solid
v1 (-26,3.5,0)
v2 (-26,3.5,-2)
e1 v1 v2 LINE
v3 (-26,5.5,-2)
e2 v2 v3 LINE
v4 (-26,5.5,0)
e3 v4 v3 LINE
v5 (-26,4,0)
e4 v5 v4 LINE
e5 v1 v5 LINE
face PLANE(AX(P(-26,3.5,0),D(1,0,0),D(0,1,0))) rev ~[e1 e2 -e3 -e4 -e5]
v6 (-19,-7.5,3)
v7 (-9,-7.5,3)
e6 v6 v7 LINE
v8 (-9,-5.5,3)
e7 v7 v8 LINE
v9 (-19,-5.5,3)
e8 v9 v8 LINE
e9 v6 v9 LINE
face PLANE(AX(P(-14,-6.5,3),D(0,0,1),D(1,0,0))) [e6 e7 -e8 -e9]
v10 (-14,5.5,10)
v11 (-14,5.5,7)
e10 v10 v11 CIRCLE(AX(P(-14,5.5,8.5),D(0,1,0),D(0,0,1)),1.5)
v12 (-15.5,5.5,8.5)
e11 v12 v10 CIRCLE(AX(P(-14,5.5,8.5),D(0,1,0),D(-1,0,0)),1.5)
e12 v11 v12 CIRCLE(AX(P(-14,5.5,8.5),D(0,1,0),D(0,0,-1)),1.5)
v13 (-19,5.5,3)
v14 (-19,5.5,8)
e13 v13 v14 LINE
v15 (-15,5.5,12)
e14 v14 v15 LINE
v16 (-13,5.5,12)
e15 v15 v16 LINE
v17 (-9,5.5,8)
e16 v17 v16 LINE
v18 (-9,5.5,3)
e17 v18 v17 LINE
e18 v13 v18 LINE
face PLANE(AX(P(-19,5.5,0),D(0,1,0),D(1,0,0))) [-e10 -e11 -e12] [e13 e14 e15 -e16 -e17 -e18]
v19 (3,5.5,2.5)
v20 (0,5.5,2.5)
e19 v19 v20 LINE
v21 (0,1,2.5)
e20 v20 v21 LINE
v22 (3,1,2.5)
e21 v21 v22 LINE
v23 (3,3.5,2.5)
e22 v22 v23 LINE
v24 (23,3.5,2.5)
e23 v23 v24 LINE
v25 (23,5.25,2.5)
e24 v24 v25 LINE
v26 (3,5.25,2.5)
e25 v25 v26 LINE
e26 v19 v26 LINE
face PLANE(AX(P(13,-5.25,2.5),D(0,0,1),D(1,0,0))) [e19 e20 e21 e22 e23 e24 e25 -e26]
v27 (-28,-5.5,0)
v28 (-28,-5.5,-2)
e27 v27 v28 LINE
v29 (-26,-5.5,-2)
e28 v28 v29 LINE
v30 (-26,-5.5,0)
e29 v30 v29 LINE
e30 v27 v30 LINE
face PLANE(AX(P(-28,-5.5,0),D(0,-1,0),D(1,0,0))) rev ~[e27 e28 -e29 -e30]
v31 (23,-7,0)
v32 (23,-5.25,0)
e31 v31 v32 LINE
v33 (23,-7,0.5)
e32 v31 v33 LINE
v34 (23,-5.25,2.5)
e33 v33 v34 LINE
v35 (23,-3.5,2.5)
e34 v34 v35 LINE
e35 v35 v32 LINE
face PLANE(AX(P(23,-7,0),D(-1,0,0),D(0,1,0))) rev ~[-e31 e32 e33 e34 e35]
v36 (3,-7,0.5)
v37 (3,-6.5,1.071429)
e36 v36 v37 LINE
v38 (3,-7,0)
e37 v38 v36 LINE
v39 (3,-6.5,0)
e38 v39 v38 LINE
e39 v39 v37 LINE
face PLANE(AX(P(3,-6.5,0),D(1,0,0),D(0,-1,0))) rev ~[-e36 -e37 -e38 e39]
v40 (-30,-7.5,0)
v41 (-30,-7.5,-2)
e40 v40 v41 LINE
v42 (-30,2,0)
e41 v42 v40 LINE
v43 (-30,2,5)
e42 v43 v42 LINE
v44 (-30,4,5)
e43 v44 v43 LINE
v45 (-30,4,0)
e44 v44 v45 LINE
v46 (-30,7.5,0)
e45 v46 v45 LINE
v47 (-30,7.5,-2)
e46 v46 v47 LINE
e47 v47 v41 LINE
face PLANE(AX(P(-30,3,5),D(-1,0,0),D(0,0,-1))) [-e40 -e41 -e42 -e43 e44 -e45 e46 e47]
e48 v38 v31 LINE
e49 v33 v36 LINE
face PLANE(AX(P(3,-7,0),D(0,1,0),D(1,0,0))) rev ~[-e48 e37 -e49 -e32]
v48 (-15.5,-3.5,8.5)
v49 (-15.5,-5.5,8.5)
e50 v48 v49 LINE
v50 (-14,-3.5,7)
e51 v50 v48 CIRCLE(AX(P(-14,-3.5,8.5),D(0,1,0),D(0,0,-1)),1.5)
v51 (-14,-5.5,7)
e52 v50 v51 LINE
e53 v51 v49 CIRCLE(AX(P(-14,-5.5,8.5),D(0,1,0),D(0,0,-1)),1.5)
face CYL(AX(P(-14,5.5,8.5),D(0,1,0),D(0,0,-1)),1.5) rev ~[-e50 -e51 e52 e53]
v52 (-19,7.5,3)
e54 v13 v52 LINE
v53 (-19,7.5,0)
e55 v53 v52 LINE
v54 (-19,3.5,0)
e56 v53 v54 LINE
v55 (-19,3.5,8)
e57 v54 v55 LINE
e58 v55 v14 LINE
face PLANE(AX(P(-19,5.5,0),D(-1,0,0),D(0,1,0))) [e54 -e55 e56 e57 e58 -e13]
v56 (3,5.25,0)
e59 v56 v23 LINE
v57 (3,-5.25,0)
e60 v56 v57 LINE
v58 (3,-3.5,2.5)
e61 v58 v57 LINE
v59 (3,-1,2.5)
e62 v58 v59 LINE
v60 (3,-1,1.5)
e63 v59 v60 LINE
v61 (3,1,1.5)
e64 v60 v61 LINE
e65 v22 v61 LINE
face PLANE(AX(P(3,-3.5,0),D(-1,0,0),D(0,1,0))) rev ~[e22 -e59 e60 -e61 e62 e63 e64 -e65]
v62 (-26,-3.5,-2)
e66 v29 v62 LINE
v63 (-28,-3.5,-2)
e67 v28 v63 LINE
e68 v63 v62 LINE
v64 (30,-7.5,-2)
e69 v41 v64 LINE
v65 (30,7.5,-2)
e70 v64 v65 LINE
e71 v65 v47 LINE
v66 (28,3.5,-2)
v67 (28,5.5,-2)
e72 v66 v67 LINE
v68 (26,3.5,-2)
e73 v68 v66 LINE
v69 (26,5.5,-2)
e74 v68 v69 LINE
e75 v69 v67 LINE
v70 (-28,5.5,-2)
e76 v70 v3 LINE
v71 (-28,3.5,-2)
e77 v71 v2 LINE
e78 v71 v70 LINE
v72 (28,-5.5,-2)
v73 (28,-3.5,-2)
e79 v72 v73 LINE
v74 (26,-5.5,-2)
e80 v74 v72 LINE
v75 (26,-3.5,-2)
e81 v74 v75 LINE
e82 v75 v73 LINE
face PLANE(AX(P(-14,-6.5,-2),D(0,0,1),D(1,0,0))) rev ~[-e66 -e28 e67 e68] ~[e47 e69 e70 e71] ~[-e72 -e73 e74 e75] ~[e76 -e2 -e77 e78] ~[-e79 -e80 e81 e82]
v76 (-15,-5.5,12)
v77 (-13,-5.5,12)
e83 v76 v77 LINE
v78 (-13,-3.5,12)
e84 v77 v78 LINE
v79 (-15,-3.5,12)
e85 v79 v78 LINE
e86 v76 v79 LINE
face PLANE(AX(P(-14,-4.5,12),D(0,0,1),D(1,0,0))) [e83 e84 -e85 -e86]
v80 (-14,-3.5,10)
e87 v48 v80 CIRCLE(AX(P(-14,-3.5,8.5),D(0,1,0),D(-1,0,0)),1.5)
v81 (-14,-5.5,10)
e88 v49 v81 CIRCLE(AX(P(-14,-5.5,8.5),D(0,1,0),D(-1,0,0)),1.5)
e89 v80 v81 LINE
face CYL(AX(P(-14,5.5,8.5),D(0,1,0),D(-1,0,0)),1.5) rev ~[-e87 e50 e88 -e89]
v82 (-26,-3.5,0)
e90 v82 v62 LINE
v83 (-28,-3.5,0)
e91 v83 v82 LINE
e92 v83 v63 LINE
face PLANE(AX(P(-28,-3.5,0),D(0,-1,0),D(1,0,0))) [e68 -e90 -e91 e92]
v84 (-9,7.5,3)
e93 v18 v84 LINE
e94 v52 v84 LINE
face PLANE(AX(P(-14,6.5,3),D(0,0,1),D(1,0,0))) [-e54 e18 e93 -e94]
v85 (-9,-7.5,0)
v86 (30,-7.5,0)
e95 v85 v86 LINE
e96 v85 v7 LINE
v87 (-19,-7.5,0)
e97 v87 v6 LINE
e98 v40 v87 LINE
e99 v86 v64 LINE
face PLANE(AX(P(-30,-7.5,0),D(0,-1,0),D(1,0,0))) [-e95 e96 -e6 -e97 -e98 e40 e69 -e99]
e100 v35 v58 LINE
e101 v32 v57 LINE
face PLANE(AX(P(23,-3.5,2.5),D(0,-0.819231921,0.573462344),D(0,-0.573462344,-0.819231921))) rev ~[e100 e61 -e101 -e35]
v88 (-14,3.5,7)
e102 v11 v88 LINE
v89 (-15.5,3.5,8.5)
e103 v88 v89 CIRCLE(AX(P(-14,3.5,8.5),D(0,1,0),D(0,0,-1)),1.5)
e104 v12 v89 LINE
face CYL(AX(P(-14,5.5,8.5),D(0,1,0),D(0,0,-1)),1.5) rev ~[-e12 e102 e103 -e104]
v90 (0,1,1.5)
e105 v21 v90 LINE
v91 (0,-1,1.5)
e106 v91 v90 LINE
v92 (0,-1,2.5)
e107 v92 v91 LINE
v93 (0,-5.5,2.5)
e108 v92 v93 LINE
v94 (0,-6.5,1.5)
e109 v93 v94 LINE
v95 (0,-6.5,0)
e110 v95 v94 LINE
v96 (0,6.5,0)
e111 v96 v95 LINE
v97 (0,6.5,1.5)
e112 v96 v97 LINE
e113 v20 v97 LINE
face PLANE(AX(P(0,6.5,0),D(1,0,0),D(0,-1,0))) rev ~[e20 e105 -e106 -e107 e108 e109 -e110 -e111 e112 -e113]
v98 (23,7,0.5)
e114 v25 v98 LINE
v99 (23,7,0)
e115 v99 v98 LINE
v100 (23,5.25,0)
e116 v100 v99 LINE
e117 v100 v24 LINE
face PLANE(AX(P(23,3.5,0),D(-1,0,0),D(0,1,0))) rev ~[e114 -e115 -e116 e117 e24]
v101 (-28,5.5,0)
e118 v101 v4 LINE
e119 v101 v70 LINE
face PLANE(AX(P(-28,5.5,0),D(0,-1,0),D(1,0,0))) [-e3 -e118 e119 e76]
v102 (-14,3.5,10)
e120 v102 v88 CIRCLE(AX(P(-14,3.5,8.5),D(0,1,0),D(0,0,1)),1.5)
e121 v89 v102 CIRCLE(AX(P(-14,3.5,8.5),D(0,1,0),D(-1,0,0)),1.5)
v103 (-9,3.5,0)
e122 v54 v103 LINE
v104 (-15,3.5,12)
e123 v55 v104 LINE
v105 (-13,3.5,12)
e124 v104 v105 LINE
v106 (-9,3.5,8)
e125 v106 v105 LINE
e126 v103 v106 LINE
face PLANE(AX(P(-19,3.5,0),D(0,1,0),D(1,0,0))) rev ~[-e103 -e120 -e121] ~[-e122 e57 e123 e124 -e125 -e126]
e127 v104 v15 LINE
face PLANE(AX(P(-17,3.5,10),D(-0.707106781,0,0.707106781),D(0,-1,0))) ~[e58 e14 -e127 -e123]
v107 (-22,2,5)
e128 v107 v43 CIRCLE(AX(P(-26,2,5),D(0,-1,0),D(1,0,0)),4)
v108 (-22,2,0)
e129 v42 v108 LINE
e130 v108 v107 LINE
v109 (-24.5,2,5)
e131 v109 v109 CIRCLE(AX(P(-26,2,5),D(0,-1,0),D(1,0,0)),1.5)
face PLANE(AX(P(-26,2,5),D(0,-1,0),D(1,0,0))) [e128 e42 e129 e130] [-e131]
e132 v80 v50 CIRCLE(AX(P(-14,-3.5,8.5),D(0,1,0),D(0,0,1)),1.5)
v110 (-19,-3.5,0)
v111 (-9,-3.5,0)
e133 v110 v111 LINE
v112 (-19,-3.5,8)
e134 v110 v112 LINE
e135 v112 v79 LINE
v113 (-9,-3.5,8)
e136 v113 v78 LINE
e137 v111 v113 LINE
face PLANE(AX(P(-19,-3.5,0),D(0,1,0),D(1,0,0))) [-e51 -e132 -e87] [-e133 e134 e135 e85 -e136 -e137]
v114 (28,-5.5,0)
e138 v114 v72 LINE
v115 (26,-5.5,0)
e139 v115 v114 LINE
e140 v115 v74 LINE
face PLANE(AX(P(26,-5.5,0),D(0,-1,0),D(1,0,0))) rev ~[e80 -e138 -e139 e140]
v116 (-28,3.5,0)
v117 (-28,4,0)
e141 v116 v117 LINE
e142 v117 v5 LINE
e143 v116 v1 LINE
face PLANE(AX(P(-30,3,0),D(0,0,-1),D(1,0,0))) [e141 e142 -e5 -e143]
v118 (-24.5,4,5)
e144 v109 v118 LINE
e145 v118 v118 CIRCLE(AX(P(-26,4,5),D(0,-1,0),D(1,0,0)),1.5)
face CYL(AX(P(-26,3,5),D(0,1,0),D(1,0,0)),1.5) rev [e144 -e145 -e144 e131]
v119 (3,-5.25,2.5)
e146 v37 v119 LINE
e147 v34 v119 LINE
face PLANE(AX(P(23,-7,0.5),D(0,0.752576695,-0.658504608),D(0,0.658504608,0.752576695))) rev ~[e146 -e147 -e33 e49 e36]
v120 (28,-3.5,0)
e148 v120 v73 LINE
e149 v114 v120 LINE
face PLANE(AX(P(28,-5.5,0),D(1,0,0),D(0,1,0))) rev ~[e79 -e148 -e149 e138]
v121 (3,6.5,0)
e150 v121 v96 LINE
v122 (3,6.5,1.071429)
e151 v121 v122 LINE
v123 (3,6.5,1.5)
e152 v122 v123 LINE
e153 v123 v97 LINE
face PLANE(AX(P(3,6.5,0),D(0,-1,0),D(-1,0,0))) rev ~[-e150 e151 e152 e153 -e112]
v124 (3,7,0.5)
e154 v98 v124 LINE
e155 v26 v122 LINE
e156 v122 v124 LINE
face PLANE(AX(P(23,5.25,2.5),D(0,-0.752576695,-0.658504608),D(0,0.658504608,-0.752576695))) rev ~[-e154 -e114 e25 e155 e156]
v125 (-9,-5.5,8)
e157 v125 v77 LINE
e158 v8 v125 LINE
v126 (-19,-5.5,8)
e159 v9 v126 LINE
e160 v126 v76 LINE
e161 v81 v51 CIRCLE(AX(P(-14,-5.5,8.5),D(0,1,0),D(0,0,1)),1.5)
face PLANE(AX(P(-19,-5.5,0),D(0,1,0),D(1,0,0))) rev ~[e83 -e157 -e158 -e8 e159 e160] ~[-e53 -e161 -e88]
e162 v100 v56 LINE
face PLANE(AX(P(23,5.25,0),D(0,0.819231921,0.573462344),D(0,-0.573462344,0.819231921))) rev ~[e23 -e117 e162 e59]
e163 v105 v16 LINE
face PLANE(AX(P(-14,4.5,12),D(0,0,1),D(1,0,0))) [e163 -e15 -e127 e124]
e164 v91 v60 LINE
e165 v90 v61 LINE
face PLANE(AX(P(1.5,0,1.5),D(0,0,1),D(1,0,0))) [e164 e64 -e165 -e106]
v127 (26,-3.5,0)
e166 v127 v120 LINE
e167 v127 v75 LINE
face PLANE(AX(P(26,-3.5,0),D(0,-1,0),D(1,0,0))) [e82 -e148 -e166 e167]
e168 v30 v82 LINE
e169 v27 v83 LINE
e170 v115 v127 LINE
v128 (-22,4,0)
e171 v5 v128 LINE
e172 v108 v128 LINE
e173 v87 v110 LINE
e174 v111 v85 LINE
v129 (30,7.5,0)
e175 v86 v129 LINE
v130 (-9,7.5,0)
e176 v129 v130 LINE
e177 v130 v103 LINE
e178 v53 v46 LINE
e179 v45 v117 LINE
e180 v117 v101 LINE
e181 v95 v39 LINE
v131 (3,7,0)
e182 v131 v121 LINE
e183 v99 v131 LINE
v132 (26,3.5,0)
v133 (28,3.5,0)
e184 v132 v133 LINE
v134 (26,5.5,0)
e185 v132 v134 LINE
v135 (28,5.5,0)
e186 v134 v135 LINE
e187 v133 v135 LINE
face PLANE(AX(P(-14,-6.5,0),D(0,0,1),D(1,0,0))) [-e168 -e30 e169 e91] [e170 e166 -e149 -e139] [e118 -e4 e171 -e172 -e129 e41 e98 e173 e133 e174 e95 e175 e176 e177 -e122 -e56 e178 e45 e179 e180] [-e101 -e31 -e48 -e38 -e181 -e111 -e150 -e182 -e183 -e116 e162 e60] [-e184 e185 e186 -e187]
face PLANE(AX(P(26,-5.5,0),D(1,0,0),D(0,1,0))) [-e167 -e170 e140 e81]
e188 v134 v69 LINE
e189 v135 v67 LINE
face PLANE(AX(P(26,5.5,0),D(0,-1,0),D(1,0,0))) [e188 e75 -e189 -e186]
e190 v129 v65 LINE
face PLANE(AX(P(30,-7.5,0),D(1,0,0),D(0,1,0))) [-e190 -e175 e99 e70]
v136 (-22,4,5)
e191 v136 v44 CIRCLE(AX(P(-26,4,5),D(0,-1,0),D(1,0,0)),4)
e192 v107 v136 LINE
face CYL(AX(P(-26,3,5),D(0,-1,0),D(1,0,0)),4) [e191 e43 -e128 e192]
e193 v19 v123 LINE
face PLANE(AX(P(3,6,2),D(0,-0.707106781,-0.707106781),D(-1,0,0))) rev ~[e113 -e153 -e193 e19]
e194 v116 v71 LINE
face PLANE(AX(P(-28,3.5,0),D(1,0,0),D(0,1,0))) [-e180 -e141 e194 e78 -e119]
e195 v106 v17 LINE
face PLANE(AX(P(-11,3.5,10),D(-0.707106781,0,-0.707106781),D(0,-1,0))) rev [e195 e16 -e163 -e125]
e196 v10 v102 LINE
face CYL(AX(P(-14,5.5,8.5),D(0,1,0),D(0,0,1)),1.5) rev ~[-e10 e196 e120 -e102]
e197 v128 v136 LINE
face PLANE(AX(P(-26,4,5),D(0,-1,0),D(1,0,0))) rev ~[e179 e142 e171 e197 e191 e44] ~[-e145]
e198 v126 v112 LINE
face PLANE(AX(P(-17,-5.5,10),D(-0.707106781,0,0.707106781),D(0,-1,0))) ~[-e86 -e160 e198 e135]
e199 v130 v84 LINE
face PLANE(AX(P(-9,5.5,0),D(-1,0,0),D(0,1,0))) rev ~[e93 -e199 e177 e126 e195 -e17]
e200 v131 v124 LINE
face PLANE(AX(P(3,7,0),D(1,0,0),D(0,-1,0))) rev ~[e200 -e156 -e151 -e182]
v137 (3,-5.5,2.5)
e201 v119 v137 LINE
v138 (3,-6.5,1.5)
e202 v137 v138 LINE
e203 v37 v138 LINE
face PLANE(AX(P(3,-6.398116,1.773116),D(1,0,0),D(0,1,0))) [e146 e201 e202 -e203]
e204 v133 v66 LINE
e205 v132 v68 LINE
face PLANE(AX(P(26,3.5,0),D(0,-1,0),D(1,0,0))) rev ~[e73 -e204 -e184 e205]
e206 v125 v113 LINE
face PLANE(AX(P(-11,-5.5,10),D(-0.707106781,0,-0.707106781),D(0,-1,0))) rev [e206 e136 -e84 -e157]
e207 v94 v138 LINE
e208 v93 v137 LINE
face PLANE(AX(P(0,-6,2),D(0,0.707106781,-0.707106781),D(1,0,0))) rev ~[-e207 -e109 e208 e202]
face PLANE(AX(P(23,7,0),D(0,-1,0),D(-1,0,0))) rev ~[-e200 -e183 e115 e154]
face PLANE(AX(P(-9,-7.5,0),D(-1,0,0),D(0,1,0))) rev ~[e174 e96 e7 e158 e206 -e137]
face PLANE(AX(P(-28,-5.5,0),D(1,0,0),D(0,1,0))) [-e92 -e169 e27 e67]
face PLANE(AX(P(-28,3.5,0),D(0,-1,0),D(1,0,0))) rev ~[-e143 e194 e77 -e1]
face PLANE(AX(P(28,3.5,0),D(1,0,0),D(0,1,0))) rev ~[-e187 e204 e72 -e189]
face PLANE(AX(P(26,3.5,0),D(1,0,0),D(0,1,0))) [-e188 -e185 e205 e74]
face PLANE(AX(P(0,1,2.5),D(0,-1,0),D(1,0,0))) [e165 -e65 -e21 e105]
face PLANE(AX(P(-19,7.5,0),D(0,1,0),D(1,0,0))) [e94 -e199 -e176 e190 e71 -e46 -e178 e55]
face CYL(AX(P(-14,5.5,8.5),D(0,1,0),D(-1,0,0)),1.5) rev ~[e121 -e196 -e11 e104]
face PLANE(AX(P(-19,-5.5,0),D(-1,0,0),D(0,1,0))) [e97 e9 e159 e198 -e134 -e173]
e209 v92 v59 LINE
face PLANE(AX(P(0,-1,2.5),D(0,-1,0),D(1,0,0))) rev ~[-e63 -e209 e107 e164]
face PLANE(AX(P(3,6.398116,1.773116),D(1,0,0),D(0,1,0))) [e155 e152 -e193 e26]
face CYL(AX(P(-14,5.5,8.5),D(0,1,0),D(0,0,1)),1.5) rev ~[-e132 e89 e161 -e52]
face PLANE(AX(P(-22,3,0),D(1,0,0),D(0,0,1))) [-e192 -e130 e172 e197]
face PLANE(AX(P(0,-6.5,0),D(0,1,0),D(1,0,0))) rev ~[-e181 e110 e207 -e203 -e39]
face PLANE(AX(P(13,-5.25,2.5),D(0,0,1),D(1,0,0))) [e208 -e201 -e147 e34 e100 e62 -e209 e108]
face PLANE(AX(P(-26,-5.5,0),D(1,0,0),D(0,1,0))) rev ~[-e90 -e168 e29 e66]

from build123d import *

# Parameters (mm, degrees)
F0_W      = 10
F0_H      = 2
F0_W_2    = 2
F1_DEPTH  = 2
F2_DEPTH  = 12
F4_DEPTH  = 25
F5_DEPTH  = 3
F7_R      = 1.5
F8_DEPTH  = 1
F9_SIZE   = 4
F10_SIZE  = 4
F11_DEPTH = 2.5
F13_DEPTH = 20
F14_SIZE  = 1
F15_W     = 3
F15_H     = 2
F16_DEPTH = 1


with BuildPart() as f1:
    # F0 (on Top) → F1 (new body)
    with BuildSketch(Plane.XY):
        with Locations((-14, -6.5)):
            Rectangle(F0_W, F0_H)
        with Locations((-14, 6.5)):
            Rectangle(F0_W, F0_H)
        Polygon((-30, 7.5), (-30, -7.5), (-19, -7.5), (-19, -5.5), (-19, -3.5), (-9, -3.5), (-9, -5.5), (-9, -7.5), (30, -7.5), (30, 7.5), (-9, 7.5), (-9, 5.5), (-9, 3.5), (-19, 3.5), (-19, 5.5), (-19, 7.5), align=None)
        with Locations((-27, -4.5)):
            Rectangle(F0_W_2, F0_H, mode=Mode.SUBTRACT)
        with Locations((27, -4.5)):
            Rectangle(F0_W_2, F0_H, mode=Mode.SUBTRACT)
        with Locations((-27, 4.5)):
            Rectangle(F0_W_2, F0_H, mode=Mode.SUBTRACT)
        Polygon((3, 3.5), (3, -3.5), (23, -3.5), (23, -7), (3, -7), (3, -6.5), (0, -6.5), (0, 6.5), (3, 6.5), (3, 7), (23, 7), (23, 3.5), align=None, mode=Mode.SUBTRACT)
        with Locations((27, 4.5)):
            Rectangle(F0_W_2, F0_H, mode=Mode.SUBTRACT)
        with Locations((-14, 4.5)):
            Rectangle(F0_W, F0_H)
        with Locations((-14, -4.5)):
            Rectangle(F0_W, F0_H)
        Polygon((3, 6.5), (3, 3.5), (23, 3.5), (23, 7), (3, 7), align=None)
        Polygon((23, -3.5), (3, -3.5), (3, -6.5), (3, -7), (23, -7), align=None)
        Polygon((3, -6.5), (3, -3.5), (3, 3.5), (3, 6.5), (0, 6.5), (0, -6.5), align=None)
    extrude(amount=-F1_DEPTH)

    # F0 (on Top) → F2 (join)
    with BuildSketch(Plane.XY):
        with Locations((-14, 4.5)):
            Rectangle(F0_W, F0_H)
        with Locations((-14, -4.5)):
            Rectangle(F0_W, F0_H)
    extrude(amount=F2_DEPTH)

    # F3 (on face) → F4 (cut)
    with BuildSketch(Plane(origin=(0, 5.5, 0), x_dir=(-1, 0, 0), z_dir=(0, 1, 0))):
        with BuildLine():
            Line((14, 7), (14, 10))
            ThreePointArc((14, 10), (12.5, 8.5), (14, 7))
        make_face()
        with BuildLine():
            ThreePointArc((14, 7), (15.0606601718, 7.4393398282), (15.5, 8.5))
            ThreePointArc((15.5, 8.5), (15.0606601718, 9.5606601718), (14, 10))
            Line((14, 10), (14, 7))
        make_face()
    extrude(amount=-F4_DEPTH, mode=Mode.SUBTRACT)

    # F0 (on Top) → F5 (join)
    with BuildSketch(Plane.XY):
        with Locations((-14, 6.5)):
            Rectangle(F0_W, F0_H)
        with Locations((-14, -6.5)):
            Rectangle(F0_W, F0_H)
    extrude(amount=F5_DEPTH)

    # F7 (on offset) → F8 (join, symmetric)
    with BuildSketch(Plane.XZ.offset(-3)):
        with BuildLine():
            ThreePointArc((-30, 5), (-26, 1), (-22, 5))
            ThreePointArc((-22, 5), (-26, 9), (-30, 5))
        make_face()
        with Locations((-26, 5)):
            Circle(F7_R, mode=Mode.SUBTRACT)
        with BuildLine():
            Line((-22, 0), (-22, 5))
            ThreePointArc((-22, 5), (-26, 1), (-30, 5))
            Line((-30, 5), (-30, 0))
            Line((-30, 0), (-22, 0))
        make_face()
    extrude(amount=F8_DEPTH, both=True)

    # F9
    f9_edges = [f1.edges().sort_by_distance(p)[0] for p in [
        (-9, 4.5, 12),
        (-19, 4.5, 12),
    ]]
    chamfer(f9_edges, length=F9_SIZE)

    # F10
    f10_edges = [f1.edges().sort_by_distance(p)[0] for p in [
        (-9, -4.5, 12),
        (-19, -4.5, 12),
    ]]
    chamfer(f10_edges, length=F10_SIZE)

    # F0 (on Top) → F11 (join)
    with BuildSketch(Plane.XY):
        Polygon((23, -3.5), (3, -3.5), (3, -6.5), (3, -7), (23, -7), align=None)
        Polygon((3, 6.5), (3, 3.5), (23, 3.5), (23, 7), (3, 7), align=None)
        Polygon((3, -6.5), (3, -3.5), (3, 3.5), (3, 6.5), (0, 6.5), (0, -6.5), align=None)
    extrude(amount=F11_DEPTH)

    # F12 (on face) → F13 (cut)
    with BuildSketch(Plane.YZ.offset(23)):
        Polygon((-3.5, 2.5), (-5.25, 0), (-3.5, 0), align=None)
        Polygon((-7, 0.5), (-5.25, 2.5), (-7, 2.5), align=None)
        Polygon((7, 0.5), (7, 2.5), (5.25, 2.5), align=None)
        Polygon((5.25, 0), (3.5, 2.5), (3.5, 0), align=None)
    extrude(amount=-F13_DEPTH, mode=Mode.SUBTRACT)

    # F14
    f14_edges = [f1.edges().sort_by_distance(p)[0] for p in [
        (1.5, 6.5, 2.5),
        (1.5, -6.5, 2.5),
    ]]
    chamfer(f14_edges, length=F14_SIZE)

    # F15 (on face) → F16 (cut)
    with BuildSketch(Plane.XY.offset(2.5)):
        with Locations((1.5, 0)):
            Rectangle(F15_W, F15_H)
    extrude(amount=-F16_DEPTH, mode=Mode.SUBTRACT)


solid = f1.part
